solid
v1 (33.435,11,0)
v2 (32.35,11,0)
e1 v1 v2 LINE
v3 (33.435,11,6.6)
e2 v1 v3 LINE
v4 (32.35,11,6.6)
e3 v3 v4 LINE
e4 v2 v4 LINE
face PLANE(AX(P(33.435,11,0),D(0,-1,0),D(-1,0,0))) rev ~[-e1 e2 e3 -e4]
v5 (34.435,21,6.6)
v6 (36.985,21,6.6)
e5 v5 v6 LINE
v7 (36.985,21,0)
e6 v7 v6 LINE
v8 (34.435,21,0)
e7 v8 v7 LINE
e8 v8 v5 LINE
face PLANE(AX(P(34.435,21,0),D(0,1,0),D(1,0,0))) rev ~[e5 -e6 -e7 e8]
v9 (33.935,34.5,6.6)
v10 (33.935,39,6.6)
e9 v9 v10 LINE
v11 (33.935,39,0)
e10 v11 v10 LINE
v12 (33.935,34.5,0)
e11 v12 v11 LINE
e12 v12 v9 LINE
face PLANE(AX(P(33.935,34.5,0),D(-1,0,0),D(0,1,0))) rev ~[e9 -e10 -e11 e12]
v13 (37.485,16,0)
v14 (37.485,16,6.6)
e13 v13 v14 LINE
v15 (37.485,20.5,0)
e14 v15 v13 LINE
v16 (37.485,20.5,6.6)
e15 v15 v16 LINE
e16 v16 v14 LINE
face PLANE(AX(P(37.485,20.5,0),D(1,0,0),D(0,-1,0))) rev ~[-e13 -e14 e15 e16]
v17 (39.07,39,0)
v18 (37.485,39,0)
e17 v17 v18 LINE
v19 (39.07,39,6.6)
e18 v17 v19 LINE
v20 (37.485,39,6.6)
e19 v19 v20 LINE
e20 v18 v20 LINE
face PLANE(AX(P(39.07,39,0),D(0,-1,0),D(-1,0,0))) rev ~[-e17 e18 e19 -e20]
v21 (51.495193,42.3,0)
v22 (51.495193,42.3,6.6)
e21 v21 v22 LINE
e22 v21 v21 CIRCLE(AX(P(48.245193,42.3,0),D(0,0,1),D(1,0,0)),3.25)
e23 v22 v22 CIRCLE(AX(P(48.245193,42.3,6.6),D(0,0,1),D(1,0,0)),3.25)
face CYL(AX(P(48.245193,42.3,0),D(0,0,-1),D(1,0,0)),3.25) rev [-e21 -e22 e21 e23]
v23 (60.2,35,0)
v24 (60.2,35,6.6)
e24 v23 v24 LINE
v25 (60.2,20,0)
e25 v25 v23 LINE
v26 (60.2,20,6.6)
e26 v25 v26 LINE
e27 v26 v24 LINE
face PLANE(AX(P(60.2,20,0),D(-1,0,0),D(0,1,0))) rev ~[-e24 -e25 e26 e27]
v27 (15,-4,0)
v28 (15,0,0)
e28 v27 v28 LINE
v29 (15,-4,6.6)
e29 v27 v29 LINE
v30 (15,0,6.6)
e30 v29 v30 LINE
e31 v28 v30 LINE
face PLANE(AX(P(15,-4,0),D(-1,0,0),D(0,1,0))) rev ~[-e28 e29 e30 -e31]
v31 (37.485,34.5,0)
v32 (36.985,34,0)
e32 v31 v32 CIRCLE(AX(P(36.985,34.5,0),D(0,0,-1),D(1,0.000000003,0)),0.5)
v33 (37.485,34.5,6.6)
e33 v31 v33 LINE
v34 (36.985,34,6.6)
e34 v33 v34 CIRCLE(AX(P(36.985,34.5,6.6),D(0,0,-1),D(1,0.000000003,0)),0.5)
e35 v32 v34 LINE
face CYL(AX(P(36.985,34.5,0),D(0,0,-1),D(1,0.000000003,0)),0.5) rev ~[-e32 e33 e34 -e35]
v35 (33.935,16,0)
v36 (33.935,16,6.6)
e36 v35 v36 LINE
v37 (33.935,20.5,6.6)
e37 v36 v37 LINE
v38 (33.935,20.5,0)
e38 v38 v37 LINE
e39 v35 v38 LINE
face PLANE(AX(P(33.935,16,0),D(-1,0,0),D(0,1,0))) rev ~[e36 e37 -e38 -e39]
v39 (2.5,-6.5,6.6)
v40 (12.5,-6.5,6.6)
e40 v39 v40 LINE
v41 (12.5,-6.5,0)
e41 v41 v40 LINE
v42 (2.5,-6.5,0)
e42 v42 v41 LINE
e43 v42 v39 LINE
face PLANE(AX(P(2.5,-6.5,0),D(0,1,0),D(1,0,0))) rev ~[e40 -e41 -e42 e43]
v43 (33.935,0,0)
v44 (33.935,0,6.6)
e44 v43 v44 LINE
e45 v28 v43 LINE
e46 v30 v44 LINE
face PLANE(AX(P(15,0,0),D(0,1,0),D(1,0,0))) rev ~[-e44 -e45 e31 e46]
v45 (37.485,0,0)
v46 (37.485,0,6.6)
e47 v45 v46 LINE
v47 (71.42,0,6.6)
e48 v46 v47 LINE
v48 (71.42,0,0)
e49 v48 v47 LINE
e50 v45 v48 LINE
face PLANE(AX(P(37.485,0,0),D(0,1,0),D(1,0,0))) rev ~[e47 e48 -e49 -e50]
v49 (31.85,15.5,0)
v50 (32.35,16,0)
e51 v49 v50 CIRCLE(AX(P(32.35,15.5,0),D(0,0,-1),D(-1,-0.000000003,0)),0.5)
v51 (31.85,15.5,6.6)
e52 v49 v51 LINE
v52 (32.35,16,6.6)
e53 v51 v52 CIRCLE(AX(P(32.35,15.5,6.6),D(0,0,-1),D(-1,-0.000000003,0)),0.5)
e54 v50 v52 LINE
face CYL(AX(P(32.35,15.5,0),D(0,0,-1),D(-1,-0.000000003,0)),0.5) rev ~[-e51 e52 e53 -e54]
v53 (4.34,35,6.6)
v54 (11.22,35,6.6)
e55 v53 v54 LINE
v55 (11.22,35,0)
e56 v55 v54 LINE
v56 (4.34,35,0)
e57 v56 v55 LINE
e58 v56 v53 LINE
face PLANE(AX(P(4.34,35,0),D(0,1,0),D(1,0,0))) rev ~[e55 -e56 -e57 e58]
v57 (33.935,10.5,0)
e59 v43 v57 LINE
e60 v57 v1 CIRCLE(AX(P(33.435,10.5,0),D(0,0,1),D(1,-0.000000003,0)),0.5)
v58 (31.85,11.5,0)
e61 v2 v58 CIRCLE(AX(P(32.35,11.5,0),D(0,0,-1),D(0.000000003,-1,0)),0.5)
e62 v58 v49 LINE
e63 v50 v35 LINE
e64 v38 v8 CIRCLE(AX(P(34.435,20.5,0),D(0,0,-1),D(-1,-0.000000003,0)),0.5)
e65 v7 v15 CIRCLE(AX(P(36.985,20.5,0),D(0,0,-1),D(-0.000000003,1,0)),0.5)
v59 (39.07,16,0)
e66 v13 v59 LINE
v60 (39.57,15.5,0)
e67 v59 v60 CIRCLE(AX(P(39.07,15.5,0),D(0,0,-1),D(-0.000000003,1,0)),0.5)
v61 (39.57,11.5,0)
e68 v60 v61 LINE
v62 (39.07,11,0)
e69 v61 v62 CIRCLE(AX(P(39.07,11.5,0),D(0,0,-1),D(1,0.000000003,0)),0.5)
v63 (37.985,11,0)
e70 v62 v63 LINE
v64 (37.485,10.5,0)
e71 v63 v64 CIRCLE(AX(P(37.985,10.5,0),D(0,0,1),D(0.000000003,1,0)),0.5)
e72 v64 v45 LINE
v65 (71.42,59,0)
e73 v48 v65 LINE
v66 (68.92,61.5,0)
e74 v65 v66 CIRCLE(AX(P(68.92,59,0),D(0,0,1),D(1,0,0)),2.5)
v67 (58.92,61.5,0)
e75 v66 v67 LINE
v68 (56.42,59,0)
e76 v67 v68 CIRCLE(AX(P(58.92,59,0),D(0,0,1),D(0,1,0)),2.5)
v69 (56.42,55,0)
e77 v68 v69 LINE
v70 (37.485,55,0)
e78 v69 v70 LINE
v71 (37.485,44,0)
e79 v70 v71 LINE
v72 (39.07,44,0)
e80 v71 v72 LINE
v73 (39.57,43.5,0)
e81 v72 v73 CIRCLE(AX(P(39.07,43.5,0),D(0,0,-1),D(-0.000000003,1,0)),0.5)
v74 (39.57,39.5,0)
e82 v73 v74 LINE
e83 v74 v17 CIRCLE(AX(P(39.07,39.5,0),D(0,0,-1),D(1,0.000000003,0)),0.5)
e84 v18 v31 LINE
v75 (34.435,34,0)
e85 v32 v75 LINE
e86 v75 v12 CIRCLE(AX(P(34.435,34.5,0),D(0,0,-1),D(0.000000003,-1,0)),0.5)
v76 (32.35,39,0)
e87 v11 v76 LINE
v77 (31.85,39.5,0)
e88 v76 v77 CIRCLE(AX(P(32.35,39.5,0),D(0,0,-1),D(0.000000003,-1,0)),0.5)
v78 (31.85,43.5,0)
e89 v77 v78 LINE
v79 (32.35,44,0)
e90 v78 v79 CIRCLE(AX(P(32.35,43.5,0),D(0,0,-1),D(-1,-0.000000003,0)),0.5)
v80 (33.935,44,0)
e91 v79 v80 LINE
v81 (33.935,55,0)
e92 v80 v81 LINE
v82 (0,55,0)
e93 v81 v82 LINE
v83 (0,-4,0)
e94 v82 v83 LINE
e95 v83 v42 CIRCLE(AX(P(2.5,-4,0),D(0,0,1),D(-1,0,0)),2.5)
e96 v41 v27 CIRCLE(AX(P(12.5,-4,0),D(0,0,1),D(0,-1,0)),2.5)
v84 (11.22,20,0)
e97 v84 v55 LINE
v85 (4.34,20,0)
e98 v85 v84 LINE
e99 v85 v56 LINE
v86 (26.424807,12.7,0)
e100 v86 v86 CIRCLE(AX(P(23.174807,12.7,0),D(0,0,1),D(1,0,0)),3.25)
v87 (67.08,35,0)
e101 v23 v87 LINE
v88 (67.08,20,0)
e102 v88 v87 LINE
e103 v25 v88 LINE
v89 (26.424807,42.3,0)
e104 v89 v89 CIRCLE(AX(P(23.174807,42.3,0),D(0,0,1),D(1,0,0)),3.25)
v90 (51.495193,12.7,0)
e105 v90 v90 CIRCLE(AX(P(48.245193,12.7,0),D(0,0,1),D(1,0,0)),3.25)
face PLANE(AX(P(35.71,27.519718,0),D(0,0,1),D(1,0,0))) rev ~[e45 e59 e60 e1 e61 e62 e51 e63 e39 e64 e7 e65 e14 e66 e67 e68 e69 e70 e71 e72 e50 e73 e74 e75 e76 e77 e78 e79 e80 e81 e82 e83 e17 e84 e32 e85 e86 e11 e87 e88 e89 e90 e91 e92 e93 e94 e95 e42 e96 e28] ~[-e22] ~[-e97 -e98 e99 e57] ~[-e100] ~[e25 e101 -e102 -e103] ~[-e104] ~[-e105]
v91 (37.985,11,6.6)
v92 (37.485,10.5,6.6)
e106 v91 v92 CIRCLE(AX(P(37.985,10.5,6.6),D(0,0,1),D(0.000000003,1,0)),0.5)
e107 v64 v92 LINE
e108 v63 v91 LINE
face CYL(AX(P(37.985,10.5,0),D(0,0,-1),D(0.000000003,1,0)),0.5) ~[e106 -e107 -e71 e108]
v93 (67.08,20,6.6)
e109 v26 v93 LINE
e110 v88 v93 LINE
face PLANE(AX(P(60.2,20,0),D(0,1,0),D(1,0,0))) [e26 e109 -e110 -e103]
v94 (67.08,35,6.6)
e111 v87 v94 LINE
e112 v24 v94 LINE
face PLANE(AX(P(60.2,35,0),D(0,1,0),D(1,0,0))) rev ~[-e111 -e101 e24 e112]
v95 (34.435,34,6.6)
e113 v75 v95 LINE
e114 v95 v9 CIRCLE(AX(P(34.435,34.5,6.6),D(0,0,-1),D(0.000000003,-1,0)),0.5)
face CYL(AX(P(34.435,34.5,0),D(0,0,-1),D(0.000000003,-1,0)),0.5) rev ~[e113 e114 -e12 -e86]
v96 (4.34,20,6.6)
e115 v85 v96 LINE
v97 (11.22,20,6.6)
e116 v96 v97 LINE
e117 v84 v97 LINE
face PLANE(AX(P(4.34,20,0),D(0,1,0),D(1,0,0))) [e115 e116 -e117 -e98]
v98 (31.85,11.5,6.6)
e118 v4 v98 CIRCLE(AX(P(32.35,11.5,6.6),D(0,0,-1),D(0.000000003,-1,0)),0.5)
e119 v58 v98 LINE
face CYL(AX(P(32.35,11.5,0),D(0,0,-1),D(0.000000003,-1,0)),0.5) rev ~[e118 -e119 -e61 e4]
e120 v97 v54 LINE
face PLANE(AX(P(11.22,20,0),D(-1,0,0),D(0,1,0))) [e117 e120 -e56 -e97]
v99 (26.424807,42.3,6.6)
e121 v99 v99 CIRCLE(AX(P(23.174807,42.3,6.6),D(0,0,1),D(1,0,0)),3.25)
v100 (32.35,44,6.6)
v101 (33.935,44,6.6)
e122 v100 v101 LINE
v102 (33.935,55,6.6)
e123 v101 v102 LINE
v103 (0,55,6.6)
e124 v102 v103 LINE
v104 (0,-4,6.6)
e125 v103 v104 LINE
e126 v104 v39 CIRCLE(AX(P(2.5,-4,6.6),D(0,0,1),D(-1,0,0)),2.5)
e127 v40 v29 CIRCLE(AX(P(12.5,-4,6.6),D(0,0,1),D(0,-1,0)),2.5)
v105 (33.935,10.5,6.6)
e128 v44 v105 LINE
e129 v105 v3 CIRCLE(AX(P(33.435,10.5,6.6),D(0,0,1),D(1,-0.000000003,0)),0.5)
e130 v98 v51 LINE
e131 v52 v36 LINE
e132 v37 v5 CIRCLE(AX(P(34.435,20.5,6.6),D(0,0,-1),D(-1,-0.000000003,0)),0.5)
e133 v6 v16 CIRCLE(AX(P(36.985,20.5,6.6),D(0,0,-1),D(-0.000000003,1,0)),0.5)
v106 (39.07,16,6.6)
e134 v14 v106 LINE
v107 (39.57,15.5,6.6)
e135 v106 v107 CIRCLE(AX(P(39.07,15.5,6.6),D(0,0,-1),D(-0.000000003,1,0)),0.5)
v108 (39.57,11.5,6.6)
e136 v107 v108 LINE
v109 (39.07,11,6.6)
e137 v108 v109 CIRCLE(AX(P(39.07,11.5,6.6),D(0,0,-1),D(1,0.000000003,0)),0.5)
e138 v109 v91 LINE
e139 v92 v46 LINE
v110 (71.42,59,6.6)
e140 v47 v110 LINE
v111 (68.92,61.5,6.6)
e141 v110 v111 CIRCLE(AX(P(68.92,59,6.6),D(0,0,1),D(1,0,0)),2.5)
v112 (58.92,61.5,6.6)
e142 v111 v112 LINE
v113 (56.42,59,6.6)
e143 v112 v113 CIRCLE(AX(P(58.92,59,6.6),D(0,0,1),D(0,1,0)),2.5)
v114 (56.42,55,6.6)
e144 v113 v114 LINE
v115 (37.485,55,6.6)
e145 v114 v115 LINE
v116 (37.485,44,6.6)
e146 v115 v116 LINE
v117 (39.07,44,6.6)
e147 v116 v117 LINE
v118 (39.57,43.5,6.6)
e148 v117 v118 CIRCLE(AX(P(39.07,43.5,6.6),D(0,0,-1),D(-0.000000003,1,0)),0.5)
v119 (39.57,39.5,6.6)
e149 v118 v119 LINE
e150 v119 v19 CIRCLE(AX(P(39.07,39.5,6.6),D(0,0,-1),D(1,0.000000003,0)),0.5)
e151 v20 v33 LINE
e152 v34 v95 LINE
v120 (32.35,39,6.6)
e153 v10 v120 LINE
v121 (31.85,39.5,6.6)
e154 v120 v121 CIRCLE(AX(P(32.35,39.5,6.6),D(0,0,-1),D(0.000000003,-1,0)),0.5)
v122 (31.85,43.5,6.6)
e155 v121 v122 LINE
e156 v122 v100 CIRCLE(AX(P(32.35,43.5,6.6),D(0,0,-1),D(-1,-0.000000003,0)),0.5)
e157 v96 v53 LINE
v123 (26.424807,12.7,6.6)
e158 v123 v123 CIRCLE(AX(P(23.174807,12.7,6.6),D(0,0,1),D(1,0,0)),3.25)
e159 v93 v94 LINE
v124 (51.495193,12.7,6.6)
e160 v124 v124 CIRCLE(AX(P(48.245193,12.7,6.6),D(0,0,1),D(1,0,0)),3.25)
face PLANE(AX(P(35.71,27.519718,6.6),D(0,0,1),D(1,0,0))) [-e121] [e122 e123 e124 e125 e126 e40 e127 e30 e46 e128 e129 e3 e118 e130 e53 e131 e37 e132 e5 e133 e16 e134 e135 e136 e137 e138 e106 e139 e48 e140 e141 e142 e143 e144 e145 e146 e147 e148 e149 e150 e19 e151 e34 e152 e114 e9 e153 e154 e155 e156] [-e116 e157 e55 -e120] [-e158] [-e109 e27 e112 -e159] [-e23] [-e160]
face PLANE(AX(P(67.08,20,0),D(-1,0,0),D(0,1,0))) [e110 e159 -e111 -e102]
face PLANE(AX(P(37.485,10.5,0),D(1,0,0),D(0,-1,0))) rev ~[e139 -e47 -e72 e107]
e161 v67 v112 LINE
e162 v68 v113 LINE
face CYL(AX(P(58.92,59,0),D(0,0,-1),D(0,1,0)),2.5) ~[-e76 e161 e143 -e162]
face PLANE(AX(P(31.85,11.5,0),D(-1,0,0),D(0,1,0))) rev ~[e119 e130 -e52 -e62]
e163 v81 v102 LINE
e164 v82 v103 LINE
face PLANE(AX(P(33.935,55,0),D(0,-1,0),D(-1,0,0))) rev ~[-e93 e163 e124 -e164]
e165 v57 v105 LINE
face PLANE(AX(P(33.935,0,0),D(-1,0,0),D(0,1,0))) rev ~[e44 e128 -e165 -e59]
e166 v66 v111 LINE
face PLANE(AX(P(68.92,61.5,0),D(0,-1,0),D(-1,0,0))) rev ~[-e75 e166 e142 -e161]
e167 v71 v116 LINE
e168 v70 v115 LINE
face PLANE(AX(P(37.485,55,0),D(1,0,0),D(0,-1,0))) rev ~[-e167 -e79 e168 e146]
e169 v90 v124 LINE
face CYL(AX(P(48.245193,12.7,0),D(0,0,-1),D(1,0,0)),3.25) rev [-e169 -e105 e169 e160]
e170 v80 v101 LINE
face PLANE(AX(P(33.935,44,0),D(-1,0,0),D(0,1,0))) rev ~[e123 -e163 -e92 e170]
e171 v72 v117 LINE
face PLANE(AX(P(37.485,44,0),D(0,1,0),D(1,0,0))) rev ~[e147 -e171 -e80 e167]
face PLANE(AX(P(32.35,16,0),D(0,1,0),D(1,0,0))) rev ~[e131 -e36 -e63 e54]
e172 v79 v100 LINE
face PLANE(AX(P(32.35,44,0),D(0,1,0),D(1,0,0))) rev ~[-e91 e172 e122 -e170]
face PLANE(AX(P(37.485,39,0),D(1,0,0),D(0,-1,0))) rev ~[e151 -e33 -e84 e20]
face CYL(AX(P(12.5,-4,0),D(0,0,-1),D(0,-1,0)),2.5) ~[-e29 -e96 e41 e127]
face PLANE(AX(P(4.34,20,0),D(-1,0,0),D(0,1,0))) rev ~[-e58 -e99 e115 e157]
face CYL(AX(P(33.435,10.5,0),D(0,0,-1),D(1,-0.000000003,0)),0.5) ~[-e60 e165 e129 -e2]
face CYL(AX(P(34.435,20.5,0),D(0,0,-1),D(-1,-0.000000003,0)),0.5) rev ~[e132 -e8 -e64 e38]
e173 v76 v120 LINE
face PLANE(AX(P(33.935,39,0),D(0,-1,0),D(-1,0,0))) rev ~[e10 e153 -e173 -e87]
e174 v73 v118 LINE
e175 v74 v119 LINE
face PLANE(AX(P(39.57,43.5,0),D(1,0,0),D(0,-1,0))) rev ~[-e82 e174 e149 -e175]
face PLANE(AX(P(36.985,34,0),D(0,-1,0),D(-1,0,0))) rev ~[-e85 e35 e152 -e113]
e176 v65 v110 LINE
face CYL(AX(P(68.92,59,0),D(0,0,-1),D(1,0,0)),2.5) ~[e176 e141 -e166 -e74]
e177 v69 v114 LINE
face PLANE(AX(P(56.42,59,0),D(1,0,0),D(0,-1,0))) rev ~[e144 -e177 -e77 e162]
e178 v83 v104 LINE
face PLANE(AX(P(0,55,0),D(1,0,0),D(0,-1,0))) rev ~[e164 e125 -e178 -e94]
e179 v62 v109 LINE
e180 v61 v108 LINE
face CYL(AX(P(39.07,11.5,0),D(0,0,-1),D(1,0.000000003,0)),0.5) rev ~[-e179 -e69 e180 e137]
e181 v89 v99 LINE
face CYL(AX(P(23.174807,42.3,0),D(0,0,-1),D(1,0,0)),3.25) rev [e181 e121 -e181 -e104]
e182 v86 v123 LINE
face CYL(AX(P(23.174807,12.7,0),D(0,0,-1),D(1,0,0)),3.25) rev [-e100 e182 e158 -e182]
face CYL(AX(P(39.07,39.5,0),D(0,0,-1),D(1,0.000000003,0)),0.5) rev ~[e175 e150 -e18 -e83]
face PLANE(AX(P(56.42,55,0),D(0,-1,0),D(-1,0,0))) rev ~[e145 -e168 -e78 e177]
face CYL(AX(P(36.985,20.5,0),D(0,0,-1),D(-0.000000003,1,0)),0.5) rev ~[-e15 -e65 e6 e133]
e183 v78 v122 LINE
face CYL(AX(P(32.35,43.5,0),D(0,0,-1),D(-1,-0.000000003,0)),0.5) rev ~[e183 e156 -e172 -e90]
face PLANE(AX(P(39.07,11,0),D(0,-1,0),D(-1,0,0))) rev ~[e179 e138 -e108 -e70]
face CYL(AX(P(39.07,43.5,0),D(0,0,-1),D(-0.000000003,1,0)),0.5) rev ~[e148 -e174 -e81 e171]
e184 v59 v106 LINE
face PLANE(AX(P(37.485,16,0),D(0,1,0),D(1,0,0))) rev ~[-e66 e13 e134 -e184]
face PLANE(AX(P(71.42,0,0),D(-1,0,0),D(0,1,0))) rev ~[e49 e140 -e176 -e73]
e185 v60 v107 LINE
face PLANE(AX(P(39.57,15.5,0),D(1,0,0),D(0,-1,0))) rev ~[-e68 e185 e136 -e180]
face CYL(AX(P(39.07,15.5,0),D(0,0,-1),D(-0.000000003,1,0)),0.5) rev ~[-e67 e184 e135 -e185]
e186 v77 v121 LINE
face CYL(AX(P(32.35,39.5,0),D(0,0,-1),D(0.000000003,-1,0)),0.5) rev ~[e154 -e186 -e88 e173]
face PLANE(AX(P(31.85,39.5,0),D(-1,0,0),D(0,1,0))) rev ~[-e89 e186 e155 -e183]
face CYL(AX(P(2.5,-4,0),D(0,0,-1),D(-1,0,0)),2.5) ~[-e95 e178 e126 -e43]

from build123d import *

# Parameters (mm, degrees)
MODEL_R             = 3.25
MODEL_W             = 6.88
MODEL_H             = 15
BOSS_EXTRUDE1_DEPTH = 6.6


with BuildPart() as part:
    # Model → Boss-Extrude1 (new body)
    with BuildSketch(Plane.XY):
        with BuildLine():
            Line((39.57, 15.5), (39.57, 11.5))
            ThreePointArc((39.57, 11.5), (39.423553391, 11.146446609), (39.07, 11))
            Line((39.07, 11), (37.985, 11))
            ThreePointArc((37.985, 11), (37.631446609, 10.853553391), (37.485, 10.5))
            Line((37.485, 10.5), (37.485, 0))
            Line((37.485, 0), (71.42, 0))
            Line((71.42, 0), (71.42, 59))
            ThreePointArc((71.42, 59), (70.687766953, 60.767766953), (68.92, 61.5))
            Line((68.92, 61.5), (58.92, 61.5))
            ThreePointArc((58.92, 61.5), (57.152233047, 60.767766953), (56.42, 59))
            Line((56.42, 59), (56.42, 55))
            Line((56.42, 55), (37.485, 55))
            Line((37.485, 55), (37.485, 44))
            Line((37.485, 44), (39.07, 44))
            ThreePointArc((39.07, 44), (39.423553391, 43.853553391), (39.57, 43.5))
            Line((39.57, 43.5), (39.57, 39.5))
            ThreePointArc((39.57, 39.5), (39.423553391, 39.146446609), (39.07, 39))
            Line((39.07, 39), (37.485, 39))
            Line((37.485, 39), (37.485, 34.5))
            ThreePointArc((37.485, 34.5), (37.338553391, 34.146446609), (36.985, 34))
            Line((36.985, 34), (34.435, 34))
            ThreePointArc((34.435, 34), (34.081446609, 34.146446609), (33.935, 34.5))
            Line((33.935, 34.5), (33.935, 39))
            Line((33.935, 39), (32.35, 39))
            ThreePointArc((32.35, 39), (31.996446609, 39.146446609), (31.85, 39.5))
            Line((31.85, 39.5), (31.85, 43.5))
            ThreePointArc((31.85, 43.5), (31.996446609, 43.853553391), (32.35, 44))
            Line((32.35, 44), (33.935, 44))
            Line((33.935, 44), (33.935, 55))
            Line((33.935, 55), (0, 55))
            Line((0, 55), (0, -4))
            ThreePointArc((0, -4), (0.732233047, -5.767766953), (2.5, -6.5))
            Line((2.5, -6.5), (12.5, -6.5))
            ThreePointArc((12.5, -6.5), (14.267766953, -5.767766953), (15, -4))
            Line((15, -4), (15, 0))
            Line((15, 0), (33.935, 0))
            Line((33.935, 0), (33.935, 10.5))
            ThreePointArc((33.935, 10.5), (33.788553391, 10.853553391), (33.435, 11))
            Line((33.435, 11), (32.35, 11))
            ThreePointArc((32.35, 11), (31.996446609, 11.146446609), (31.85, 11.5))
            Line((31.85, 11.5), (31.85, 15.5))
            ThreePointArc((31.85, 15.5), (31.996446609, 15.853553391), (32.35, 16))
            Line((32.35, 16), (33.935, 16))
            Line((33.935, 16), (33.935, 20.5))
            ThreePointArc((33.935, 20.5), (34.081446609, 20.853553391), (34.435, 21))
            Line((34.435, 21), (36.985, 21))
            ThreePointArc((36.985, 21), (37.338553391, 20.853553391), (37.485, 20.5))
            Line((37.485, 20.5), (37.485, 16))
            Line((37.485, 16), (39.07, 16))
            ThreePointArc((39.07, 16), (39.423553391, 15.853553391), (39.57, 15.5))
        make_face()
        with Locations((23.174807377, 12.7)):
            Circle(MODEL_R, mode=Mode.SUBTRACT)
        with Locations((23.174807377, 42.3)):
            Circle(MODEL_R, mode=Mode.SUBTRACT)
        with Locations((48.245192623, 12.7)):
            Circle(MODEL_R, mode=Mode.SUBTRACT)
        with Locations((48.245192623, 42.3)):
            Circle(MODEL_R, mode=Mode.SUBTRACT)
        with Locations((7.78, 27.5)):
            Rectangle(MODEL_W, MODEL_H, mode=Mode.SUBTRACT)
        with Locations((63.64, 27.5)):
            Rectangle(MODEL_W, MODEL_H, mode=Mode.SUBTRACT)
    extrude(amount=BOSS_EXTRUDE1_DEPTH)


solid = part.part
